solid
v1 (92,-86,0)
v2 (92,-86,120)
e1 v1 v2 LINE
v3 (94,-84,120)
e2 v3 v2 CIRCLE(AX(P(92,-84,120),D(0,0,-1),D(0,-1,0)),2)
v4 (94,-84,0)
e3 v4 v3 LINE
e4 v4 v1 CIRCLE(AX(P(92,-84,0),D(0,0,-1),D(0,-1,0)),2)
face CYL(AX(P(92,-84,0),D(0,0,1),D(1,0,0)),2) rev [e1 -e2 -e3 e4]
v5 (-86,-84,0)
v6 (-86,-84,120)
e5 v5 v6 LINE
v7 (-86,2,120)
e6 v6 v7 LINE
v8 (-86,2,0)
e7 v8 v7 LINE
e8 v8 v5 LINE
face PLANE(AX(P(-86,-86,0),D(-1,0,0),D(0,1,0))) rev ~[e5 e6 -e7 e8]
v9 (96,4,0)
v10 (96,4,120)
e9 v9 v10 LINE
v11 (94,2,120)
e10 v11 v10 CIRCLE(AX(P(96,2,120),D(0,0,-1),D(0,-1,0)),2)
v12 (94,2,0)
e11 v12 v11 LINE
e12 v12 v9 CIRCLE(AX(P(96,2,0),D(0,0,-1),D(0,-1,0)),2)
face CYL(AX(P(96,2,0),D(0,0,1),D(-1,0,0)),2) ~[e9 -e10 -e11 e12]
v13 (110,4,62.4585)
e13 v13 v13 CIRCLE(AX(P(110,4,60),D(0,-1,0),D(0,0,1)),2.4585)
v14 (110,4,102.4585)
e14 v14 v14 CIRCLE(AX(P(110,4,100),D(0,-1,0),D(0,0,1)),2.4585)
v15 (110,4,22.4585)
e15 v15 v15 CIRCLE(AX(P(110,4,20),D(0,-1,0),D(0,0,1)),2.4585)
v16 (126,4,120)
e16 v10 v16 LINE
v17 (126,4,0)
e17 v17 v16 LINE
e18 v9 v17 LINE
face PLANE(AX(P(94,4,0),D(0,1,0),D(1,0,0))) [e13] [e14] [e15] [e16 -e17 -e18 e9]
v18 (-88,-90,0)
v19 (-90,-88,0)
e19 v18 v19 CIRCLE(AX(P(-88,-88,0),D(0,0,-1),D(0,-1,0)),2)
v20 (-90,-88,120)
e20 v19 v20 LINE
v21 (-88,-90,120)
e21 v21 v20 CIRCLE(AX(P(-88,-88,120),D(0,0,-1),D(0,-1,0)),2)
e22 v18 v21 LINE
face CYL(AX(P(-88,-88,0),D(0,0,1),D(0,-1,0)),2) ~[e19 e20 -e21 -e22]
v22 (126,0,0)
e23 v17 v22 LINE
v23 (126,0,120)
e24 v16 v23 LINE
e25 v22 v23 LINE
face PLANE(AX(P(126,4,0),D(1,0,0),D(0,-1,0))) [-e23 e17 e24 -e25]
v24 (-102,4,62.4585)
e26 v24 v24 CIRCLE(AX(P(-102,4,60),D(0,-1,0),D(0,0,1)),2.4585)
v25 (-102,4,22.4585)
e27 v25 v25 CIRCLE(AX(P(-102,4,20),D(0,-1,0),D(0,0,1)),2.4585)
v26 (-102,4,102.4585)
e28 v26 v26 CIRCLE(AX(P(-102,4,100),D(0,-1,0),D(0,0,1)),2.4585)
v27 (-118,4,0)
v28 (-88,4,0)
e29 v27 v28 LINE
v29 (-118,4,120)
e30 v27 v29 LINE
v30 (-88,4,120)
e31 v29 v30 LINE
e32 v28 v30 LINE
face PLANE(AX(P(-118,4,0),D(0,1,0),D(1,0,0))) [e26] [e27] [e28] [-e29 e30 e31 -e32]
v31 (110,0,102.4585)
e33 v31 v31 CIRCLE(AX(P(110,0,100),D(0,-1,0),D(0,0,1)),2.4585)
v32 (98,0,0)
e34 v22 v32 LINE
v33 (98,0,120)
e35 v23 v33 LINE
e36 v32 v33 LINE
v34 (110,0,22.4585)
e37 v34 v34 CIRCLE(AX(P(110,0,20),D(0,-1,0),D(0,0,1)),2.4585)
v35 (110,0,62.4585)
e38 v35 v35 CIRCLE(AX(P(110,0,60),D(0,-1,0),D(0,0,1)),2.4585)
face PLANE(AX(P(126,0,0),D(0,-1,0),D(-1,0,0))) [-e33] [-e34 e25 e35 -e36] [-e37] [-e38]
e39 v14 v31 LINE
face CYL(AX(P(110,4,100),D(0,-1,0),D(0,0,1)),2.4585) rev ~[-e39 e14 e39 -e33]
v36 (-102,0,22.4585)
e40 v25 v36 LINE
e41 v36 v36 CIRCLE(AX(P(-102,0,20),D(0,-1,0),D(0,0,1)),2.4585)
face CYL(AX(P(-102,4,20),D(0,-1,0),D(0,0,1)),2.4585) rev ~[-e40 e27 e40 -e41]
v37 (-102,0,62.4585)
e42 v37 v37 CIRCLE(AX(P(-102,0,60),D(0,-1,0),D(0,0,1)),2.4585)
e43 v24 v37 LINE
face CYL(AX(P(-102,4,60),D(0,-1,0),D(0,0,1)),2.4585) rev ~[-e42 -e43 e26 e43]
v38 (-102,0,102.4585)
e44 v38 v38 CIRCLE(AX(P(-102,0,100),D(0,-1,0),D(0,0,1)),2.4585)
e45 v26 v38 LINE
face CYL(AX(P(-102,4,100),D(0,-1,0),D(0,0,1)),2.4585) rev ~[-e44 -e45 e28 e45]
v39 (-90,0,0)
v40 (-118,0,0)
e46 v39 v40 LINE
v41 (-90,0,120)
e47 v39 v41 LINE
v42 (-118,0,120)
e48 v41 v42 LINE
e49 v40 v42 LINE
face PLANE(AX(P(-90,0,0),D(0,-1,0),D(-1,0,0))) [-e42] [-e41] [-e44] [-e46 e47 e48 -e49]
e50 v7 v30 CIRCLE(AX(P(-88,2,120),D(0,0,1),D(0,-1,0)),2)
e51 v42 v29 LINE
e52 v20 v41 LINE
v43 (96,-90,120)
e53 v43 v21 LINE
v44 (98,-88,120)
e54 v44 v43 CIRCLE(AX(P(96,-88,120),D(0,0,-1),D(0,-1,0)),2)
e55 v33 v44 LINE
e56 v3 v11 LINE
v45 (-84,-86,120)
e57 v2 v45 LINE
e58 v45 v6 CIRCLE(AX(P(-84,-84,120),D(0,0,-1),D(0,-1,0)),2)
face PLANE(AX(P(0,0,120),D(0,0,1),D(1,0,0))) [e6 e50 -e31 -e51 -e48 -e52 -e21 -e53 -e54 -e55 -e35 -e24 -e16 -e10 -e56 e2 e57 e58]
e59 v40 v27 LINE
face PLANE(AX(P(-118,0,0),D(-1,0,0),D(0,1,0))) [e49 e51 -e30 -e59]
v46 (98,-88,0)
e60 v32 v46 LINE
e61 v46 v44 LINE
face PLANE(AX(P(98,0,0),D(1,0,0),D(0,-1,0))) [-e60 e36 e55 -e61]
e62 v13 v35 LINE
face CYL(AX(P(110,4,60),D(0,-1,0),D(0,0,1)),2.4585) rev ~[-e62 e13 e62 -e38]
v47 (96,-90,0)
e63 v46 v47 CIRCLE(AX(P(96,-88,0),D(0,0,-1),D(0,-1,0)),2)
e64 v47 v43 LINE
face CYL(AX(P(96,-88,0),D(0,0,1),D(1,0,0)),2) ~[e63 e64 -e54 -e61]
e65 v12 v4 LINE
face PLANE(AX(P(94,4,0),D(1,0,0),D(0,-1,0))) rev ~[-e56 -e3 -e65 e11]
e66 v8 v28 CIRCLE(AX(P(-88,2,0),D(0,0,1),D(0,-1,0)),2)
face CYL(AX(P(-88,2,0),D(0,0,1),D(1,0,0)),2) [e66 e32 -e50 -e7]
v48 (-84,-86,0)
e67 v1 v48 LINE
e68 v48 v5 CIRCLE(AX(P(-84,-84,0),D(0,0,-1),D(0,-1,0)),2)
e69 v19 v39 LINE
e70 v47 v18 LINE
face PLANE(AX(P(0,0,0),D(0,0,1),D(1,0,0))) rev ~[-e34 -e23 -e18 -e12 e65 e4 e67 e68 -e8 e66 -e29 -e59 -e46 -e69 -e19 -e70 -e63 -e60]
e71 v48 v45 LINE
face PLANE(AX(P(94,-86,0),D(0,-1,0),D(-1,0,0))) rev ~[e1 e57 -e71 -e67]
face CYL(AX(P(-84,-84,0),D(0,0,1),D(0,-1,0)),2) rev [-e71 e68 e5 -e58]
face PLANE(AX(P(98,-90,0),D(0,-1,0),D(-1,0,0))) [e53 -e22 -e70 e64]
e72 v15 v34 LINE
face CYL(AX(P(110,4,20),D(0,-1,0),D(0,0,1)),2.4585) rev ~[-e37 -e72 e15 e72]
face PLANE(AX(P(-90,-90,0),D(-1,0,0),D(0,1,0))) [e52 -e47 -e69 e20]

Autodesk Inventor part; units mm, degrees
ref_plane "YZ Plane" through (0, 0, 0) normal (1, 0, 0) x (0, 1, 0)
ref_plane "XZ Plane" through (0, 0, 0) normal (0, 1, 0) x (-1, 0, 0)
ref_plane "XY Plane" through (0, 0, 0) normal (0, 0, 1) x (1, 0, 0)
sketch "Sketch1" plane through (0, 0, 0) normal (0, 0, 1) x (1, 0, 0)
  line L0 (98, 0) -> (98, -90)
  line L1 (98, -90) -> (-90, -90)
  line L2 (-90, -90) -> (-90, 0)
  line L3 (126, 4) -> (126, 0)
  line L4 (126, 0) -> (-118, 0)
  line L5 (-118, 0) -> (-118, 4)
  line L6 (-86, 4) -> (94, 4)
  line L7 (94, 4) -> (94, -86)
  line L8 (94, -86) -> (-86, -86)
  line L9 (-86, -86) -> (-86, 4)
  line L10 (-90, 0) -> (-86, 0)
  line L11 (94, 0) -> (98, 0)
  line L12 (-118, 4) -> (-86, 4)
  line L13 (94, 4) -> (126, 4)
  point P0 (0, 0)
  point P1 (6, -4)
  point P2 (126, 2)
  point P3 (98, 0)
  dimension "d0" = 188
  dimension "d1" = 90
  dimension "d3" = 90
  dimension "d4" = 244
  dimension "d5" = 120
  dimension "d8" = 90
  dimension "d9" = 180
  dimension "d10" = 4
  dimension "d13" = 0
  dimension "d14" = 4
  dimension "d91" = 32
extrude "Extrusion1" add sketch "Sketch1" along normal blind 120 contours L4 L7 L13 L3 | L0 L1 L2 L4 L9 L8 L7 | L4 L5 L12 L9
fillet "Fillet1" radius 2 4 edges at (-86, -86, 60) (-86, 4, 60) (94, 4, 60) (98, -90, 60)
fillet "Fillet2" radius 2 2 edges at (-90, -90, 60) (94, -86, 60)
sketch "Sketch7" plane through (-118, 4, 120) normal (0, 1, 0) x (1, 0, 0)
  point P0 (118, 120)
sketch "Sketch8" plane through (126, 4, 120) normal (0, 1, 0) x (1, 0, 0)
  line L0 (0, 120) -> (0, 0) projected
  line L1 (-34, 0) -> (-210, 0) projected
  line L2 (-244, 120) -> (-244, 0) projected
  line L3 (-214, 0) -> (-244, 0) projected
  point P0 (-126, 120)
  point P1 (-16, 100)
  point P2 (-16, 60)
  point P3 (-16, 20)
  point P4 (-228, 100)
  point P5 (-228, 60)
  point P6 (-228, 20)
  dimension "d72" = 16
  dimension "d73" = 16
  dimension "d74" = 16
  dimension "d75" = 20
  dimension "d76" = 40
  dimension "d77" = 40
  dimension "d78" = 16
  dimension "d79" = 40
  dimension "d80" = 40
  dimension "d81" = 20
  dimension "d82" = 16
  dimension "d83" = 16
hole "Hole6" at (110, 4, 20) at (110, 4, 60) at (110, 4, 100) at (-102, 4, 20) at (-102, 4, 60) at (-102, 4, 100) direction (0, -1, 0) diameter 4.917 end through all thread size "M6x1" class "6H" standard "ISO Metric profile"
equation "\"d89\" = Thickness"
equation "\"BendRadius\" = Thickness"
equation "\"BendReliefWidth\" = Thickness"
equation "\"BendReliefDepth\" = 0.5 * Thickness"
equation "\"CornerReliefSize\" = 4 * Thickness"
equation "\"MinimumRemnant\" = 2 * Thickness"
equation "\"TransitionRadius\" = BendRadius"
equation "\"JacobiRadiusSize\" = BendRadius"
equation "\"GapSize\" = Thickness"
equation "\"Thickness\" = 0.5"
properties part number "Top joint housing back"
